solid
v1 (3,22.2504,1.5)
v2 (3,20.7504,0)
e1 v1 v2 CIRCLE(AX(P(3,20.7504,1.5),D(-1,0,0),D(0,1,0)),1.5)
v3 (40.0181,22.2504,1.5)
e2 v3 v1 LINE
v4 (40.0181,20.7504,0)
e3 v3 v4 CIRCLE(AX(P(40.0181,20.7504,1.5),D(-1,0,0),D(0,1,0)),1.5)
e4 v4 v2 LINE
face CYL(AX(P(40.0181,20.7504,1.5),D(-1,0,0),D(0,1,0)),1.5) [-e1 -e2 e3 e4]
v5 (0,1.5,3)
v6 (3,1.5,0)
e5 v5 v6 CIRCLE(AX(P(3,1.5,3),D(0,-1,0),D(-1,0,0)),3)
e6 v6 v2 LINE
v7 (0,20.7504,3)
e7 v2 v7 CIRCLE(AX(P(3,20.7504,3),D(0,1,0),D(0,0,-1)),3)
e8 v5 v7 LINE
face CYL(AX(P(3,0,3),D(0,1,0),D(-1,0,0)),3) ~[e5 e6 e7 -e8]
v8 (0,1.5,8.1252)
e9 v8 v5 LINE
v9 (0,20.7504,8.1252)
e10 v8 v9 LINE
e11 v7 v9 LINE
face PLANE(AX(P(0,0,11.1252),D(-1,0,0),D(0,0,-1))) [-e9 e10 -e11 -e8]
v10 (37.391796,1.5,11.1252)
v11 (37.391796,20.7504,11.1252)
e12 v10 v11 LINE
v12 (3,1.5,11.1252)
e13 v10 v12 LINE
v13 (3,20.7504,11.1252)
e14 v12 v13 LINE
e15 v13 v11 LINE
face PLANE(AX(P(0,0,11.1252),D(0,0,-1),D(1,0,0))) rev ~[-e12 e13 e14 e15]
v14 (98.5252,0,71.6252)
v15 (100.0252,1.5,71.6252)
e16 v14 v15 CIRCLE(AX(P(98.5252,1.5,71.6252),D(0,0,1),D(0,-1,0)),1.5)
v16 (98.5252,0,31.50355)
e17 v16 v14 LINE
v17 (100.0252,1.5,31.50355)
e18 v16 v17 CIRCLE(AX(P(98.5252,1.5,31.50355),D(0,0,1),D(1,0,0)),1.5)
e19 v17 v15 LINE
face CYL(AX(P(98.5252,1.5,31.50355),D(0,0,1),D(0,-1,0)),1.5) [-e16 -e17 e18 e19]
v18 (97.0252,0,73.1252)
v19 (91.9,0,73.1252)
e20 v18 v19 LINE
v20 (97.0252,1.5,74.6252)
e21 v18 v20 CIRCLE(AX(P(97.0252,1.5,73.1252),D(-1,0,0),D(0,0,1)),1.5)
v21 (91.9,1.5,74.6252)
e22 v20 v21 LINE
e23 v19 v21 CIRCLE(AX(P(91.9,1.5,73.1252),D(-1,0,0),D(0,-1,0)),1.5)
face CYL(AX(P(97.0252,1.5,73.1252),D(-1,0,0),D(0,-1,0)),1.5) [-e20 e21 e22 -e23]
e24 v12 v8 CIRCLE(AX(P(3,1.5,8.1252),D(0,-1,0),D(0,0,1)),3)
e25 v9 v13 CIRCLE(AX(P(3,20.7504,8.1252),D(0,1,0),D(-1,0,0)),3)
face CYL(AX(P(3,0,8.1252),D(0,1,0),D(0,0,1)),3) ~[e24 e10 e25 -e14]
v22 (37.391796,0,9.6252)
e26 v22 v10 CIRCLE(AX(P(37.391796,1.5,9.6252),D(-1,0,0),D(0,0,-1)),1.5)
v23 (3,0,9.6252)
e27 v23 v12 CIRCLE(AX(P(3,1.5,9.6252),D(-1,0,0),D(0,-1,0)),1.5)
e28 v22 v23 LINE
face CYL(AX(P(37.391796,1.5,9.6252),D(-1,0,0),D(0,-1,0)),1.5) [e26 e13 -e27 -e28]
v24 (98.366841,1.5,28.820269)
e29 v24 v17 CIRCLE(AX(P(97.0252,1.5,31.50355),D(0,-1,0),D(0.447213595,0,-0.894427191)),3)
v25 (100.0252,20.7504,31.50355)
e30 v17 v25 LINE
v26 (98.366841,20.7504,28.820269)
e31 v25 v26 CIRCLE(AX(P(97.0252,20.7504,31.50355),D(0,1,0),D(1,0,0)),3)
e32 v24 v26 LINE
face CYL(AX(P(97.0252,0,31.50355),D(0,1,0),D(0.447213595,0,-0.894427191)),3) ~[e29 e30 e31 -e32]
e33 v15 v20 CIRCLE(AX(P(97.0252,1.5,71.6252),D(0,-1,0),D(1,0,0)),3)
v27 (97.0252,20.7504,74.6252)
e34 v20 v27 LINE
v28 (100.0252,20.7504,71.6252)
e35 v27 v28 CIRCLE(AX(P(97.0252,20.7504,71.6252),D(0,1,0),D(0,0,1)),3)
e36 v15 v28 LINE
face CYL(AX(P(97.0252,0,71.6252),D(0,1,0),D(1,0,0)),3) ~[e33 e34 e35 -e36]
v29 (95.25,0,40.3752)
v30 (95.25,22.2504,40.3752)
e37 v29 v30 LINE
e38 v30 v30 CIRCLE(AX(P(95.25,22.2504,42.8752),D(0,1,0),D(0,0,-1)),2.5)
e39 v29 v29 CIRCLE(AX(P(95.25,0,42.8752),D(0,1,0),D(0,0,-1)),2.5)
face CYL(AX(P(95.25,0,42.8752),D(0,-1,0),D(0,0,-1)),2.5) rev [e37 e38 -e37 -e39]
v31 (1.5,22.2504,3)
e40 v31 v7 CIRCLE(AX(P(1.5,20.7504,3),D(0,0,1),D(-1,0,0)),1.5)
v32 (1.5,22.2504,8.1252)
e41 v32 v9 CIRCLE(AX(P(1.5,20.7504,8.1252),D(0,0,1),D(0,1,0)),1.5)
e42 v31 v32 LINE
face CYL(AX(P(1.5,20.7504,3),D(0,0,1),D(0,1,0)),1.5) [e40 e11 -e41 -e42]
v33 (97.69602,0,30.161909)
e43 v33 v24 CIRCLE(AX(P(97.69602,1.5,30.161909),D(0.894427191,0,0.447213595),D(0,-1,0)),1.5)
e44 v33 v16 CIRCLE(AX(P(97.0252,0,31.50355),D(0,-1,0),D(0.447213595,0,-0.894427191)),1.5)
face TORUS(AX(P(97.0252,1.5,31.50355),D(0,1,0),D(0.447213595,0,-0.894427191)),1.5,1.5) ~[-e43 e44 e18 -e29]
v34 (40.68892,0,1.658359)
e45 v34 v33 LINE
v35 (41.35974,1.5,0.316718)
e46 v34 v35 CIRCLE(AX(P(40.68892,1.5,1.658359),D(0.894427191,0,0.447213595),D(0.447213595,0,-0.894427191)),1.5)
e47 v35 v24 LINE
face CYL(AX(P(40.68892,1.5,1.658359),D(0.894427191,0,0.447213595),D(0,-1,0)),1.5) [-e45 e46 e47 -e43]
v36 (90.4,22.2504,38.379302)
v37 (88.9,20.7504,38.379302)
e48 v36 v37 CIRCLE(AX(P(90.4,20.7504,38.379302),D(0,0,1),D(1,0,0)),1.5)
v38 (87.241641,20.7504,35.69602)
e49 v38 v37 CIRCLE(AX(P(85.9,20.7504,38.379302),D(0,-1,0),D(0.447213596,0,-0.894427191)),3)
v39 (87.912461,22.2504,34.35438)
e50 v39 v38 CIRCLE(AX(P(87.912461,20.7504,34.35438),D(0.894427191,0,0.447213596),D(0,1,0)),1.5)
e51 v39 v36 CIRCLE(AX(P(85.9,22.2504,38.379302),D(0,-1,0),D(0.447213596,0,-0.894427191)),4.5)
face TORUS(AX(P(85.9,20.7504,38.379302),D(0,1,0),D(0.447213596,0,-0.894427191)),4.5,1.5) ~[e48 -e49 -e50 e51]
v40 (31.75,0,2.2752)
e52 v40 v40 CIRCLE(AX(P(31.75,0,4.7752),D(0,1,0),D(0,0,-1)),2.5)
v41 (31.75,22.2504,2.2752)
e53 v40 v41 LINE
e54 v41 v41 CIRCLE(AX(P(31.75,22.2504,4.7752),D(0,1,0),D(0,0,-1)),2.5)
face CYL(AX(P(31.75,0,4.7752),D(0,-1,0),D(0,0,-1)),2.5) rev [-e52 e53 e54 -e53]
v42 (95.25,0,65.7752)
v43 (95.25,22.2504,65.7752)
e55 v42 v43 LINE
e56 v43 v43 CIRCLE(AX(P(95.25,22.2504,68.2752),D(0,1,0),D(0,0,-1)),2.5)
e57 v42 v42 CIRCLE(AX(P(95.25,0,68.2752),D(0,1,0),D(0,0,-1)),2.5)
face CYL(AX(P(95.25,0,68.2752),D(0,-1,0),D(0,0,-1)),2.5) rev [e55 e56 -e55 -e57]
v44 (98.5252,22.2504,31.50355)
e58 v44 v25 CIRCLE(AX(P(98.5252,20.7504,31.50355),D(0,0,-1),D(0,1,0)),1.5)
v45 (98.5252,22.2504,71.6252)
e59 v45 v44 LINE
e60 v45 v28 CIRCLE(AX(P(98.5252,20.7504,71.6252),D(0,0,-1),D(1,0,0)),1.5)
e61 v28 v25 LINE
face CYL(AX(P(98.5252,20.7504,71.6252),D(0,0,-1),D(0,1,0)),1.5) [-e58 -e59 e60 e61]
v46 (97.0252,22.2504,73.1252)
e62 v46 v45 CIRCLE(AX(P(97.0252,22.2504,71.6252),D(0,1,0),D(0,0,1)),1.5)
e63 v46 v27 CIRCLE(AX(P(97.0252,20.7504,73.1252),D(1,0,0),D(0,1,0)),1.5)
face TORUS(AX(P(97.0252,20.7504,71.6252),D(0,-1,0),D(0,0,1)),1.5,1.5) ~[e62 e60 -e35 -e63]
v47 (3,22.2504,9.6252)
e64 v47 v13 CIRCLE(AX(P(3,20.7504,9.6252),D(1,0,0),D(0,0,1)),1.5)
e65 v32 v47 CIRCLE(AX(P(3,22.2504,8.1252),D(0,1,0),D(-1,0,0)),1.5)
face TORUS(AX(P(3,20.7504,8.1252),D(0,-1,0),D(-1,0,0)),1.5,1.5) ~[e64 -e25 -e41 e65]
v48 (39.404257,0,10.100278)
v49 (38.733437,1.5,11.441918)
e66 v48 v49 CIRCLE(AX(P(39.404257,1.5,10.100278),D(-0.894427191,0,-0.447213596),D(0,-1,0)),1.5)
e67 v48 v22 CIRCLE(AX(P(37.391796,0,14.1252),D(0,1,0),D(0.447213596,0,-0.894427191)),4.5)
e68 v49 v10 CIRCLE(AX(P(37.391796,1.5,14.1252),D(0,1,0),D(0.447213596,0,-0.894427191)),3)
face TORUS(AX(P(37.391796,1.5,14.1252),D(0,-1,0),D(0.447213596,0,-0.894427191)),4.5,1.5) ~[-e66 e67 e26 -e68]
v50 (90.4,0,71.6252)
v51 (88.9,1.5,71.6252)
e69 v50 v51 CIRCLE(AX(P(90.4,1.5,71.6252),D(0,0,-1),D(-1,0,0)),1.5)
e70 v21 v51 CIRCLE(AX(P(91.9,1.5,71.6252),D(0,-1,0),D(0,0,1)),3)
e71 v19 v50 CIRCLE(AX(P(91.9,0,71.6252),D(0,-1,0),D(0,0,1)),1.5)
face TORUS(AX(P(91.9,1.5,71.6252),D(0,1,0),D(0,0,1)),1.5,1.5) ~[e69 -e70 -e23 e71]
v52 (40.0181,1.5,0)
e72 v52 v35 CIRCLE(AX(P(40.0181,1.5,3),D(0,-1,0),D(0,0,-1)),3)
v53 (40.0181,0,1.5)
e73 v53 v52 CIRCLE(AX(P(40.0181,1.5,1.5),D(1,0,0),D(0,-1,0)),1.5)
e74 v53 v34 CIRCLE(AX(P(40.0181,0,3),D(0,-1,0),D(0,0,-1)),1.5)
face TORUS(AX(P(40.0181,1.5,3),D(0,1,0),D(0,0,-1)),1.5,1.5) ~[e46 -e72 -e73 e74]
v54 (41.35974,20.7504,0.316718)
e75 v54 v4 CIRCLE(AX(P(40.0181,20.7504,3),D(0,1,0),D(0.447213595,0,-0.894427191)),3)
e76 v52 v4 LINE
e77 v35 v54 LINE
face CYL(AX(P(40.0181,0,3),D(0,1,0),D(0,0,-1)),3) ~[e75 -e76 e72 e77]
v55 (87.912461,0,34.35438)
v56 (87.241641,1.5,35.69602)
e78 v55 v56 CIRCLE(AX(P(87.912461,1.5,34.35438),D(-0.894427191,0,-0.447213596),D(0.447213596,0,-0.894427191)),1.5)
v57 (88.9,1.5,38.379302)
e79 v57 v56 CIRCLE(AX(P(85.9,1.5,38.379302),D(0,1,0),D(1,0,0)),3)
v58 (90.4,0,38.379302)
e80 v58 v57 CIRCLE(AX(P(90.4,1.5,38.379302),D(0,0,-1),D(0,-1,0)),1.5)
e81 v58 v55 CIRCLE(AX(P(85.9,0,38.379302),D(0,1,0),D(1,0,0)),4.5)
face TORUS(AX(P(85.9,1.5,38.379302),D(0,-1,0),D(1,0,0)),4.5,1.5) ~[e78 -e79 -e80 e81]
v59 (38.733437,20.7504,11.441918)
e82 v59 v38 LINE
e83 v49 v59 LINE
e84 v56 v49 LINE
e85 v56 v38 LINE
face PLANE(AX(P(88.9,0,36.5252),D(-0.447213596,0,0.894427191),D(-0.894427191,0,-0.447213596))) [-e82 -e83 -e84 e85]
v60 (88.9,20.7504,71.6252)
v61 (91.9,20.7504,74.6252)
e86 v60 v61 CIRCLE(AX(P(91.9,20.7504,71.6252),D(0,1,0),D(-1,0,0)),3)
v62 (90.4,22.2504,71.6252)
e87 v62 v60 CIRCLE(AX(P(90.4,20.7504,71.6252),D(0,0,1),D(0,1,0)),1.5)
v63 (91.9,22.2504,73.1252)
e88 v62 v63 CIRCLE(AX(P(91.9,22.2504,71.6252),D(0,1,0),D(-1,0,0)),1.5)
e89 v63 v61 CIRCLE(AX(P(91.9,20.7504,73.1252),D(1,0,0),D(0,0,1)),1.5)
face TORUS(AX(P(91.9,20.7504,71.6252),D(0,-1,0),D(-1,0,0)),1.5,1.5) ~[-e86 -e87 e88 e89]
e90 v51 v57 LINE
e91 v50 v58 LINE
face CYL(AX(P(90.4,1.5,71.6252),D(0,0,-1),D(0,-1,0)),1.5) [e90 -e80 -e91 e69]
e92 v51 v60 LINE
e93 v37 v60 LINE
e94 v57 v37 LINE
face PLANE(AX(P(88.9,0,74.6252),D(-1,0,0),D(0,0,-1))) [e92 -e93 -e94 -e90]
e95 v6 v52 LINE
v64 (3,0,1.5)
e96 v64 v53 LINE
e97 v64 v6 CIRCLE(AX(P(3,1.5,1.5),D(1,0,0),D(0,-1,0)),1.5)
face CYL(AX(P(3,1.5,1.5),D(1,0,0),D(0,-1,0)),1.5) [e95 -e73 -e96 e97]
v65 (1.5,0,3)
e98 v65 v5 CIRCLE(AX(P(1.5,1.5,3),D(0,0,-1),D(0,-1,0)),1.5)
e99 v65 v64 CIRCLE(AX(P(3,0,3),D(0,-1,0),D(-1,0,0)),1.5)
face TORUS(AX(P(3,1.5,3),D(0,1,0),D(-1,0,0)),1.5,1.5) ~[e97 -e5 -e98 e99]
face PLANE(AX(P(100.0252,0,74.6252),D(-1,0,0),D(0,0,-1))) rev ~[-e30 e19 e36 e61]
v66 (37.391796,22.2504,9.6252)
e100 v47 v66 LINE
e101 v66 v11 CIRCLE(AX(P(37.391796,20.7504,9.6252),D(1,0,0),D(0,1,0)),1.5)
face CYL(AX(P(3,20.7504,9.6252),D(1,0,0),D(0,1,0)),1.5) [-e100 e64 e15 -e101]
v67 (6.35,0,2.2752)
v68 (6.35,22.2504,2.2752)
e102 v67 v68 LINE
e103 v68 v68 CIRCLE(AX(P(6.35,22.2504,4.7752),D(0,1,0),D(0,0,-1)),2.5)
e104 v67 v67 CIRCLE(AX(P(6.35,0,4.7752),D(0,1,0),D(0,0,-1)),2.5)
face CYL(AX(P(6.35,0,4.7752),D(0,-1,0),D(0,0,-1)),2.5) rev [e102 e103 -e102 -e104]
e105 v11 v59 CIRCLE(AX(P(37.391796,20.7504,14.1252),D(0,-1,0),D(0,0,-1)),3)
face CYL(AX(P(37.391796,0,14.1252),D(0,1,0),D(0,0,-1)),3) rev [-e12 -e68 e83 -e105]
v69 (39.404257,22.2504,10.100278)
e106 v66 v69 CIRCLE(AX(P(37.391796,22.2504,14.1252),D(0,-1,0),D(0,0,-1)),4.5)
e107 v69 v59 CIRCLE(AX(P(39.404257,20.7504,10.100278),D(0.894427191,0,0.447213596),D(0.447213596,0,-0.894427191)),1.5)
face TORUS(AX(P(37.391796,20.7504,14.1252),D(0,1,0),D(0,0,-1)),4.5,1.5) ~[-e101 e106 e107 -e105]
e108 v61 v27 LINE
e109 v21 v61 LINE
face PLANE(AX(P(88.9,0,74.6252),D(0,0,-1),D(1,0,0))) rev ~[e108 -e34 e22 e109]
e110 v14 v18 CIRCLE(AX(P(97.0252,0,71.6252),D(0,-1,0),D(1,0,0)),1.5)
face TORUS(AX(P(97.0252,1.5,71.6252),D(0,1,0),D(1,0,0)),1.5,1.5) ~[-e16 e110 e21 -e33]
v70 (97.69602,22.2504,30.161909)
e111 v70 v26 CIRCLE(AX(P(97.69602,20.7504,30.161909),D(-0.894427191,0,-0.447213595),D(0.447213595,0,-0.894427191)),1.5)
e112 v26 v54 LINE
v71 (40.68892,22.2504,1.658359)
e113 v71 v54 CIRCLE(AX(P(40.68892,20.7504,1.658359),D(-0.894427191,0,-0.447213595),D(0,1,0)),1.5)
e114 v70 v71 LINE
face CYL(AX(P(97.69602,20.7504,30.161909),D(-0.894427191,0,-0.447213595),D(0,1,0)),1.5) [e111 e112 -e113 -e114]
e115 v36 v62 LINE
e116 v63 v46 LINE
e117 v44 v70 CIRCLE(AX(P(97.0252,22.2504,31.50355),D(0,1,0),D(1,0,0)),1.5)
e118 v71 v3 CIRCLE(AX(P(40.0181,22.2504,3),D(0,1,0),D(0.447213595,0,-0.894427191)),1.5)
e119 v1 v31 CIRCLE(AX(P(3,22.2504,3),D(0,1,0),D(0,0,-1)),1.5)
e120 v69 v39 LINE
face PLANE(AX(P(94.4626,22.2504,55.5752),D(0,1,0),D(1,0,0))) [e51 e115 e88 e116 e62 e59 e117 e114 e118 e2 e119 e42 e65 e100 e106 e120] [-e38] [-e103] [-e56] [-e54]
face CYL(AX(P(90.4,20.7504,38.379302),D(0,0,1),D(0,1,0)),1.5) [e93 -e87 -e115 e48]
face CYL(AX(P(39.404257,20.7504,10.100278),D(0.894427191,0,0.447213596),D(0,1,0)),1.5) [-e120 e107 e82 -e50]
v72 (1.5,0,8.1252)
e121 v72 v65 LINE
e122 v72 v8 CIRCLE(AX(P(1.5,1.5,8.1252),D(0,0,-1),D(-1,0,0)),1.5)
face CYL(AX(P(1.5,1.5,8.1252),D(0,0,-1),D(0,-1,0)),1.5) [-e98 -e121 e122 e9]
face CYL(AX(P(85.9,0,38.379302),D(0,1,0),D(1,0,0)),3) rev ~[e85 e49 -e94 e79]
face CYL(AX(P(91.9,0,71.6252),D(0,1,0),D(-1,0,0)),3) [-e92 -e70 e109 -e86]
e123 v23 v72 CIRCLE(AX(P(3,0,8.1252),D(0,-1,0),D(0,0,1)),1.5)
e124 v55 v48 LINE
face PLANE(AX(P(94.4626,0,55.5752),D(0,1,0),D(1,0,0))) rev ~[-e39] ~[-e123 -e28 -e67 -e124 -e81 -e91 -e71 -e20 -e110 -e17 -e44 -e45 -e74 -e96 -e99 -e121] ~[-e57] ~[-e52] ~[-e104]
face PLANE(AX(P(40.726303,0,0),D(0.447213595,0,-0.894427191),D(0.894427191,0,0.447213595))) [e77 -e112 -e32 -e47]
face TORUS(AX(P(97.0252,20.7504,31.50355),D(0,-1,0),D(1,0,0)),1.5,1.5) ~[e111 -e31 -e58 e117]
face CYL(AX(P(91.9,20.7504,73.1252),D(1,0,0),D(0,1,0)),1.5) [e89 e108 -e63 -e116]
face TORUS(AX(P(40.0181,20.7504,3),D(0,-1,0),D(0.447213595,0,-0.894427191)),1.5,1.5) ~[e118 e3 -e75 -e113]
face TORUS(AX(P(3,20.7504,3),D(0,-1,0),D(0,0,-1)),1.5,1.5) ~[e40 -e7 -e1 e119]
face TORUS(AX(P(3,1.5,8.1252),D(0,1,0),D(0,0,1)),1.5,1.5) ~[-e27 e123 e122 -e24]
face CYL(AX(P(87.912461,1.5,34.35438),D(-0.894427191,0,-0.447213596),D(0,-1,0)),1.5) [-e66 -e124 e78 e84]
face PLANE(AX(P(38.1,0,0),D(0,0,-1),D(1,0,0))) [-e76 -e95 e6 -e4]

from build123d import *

# Parameters (mm, degrees)
SKETCH1_W           = 38.1
SKETCH1_H           = 11.1252
SKETCH1_R           = 2.5
SKETCH1_W_2         = 11.1252
SKETCH1_H_2         = 38.1
BOSS_EXTRUDE1_DEPTH = 22.2504
FILLET1_R           = 3
FILLET2_R           = 1.5


with BuildPart() as part:
    # Sketch1 → Boss-Extrude1 (new body)
    # profile 1 of 3: a face of its own
    with BuildSketch(Plane(origin=(0, 0, 0), x_dir=(1, 0, 0), z_dir=(0, 1, 0))):
        with Locations((19.05, -5.5626)):
            Rectangle(SKETCH1_W, SKETCH1_H)
        with Locations(Location((6.35, -4.7752, 0), (0, 0, 90))):
            Circle(SKETCH1_R, mode=Mode.SUBTRACT)
        with Locations(Location((31.75, -4.7752, 0), (0, 0, 90))):
            Circle(SKETCH1_R, mode=Mode.SUBTRACT)
    # profile 2 of 3: a face of its own
    with BuildSketch(Plane(origin=(0, 0, 0), x_dir=(1, 0, 0), z_dir=(0, 1, 0))):
        Polygon((100.0252, -29.649448268), (100.0252, -36.5252), (88.9, -36.5252), (38.1, -11.1252), (38.1, 0), (40.726303463, 0), align=None)
    # profile 3 of 3: a face of its own
    with BuildSketch(Plane(origin=(0, 0, 0), x_dir=(1, 0, 0), z_dir=(0, 1, 0))):
        with Locations((94.4626, -55.5752)):
            Rectangle(SKETCH1_W_2, SKETCH1_H_2)
        with Locations(Location((95.25, -68.2752, 0), (0, 0, 90))):
            Circle(SKETCH1_R, mode=Mode.SUBTRACT)
        with Locations(Location((95.25, -42.8752, 0), (0, 0, 90))):
            Circle(SKETCH1_R, mode=Mode.SUBTRACT)
    extrude(amount=BOSS_EXTRUDE1_DEPTH)

    # Fillet1
    fillet1_edges = [part.edges().sort_by_distance(p)[0] for p in [
        (0, 11.1252, 11.1252),
        (0, 11.1252, 0),
        (40.726303463, 11.1252, 0),
        (100.0252, 11.1252, 29.649448268),
        (100.0252, 11.1252, 74.6252),
        (88.9, 11.1252, 74.6252),
        (88.9, 11.1252, 36.5252),
        (38.1, 11.1252, 11.1252),
    ]]
    fillet(fillet1_edges, radius=FILLET1_R)

    # Fillet2
    fillet2_edges = [part.edges().sort_by_distance(p)[0] for p in [
        (21.509049765, 0, 0),
        (21.509049765, 22.2504, 0),
        (20.195898034, 0, 11.1252),
        (0, 0, 5.5626),
        (69.863290552, 0, 14.568493544),
        (100.0252, 0, 51.564375117),
        (94.4626, 0, 74.6252),
        (88.9, 0, 55.002250983),
        (62.98753882, 0, 23.56896941),
        (0.878679656, 0, 0.878679656),
        (0.878679656, 0, 10.246520344),
        (89.778679656, 0, 73.746520344),
        (99.146520344, 0, 73.746520344),
        (99.577152425, 0, 29.926356898),
        (40.707358292, 0, 0.080253032),
        (69.863290552, 22.2504, 14.568493544),
        (20.195898034, 22.2504, 11.1252),
        (62.98753882, 22.2504, 23.56896941),
        (88.9, 22.2504, 55.002250983),
        (94.4626, 22.2504, 74.6252),
        (100.0252, 22.2504, 51.564375117),
        (0, 22.2504, 5.5626),
        (0.878679656, 22.2504, 0.878679656),
        (0.878679656, 22.2504, 10.246520344),
        (89.778679656, 22.2504, 73.746520344),
        (99.146520344, 22.2504, 73.746520344),
        (99.577152425, 22.2504, 29.926356898),
        (40.707358292, 22.2504, 0.080253032),
        (38.081054829, 0, 11.205453032),
        (38.081054829, 22.2504, 11.205453032),
        (88.451952425, 0, 36.80210863),
        (88.451952425, 22.2504, 36.80210863),
    ]]
    fillet(fillet2_edges, radius=FILLET2_R)


solid = part.part
